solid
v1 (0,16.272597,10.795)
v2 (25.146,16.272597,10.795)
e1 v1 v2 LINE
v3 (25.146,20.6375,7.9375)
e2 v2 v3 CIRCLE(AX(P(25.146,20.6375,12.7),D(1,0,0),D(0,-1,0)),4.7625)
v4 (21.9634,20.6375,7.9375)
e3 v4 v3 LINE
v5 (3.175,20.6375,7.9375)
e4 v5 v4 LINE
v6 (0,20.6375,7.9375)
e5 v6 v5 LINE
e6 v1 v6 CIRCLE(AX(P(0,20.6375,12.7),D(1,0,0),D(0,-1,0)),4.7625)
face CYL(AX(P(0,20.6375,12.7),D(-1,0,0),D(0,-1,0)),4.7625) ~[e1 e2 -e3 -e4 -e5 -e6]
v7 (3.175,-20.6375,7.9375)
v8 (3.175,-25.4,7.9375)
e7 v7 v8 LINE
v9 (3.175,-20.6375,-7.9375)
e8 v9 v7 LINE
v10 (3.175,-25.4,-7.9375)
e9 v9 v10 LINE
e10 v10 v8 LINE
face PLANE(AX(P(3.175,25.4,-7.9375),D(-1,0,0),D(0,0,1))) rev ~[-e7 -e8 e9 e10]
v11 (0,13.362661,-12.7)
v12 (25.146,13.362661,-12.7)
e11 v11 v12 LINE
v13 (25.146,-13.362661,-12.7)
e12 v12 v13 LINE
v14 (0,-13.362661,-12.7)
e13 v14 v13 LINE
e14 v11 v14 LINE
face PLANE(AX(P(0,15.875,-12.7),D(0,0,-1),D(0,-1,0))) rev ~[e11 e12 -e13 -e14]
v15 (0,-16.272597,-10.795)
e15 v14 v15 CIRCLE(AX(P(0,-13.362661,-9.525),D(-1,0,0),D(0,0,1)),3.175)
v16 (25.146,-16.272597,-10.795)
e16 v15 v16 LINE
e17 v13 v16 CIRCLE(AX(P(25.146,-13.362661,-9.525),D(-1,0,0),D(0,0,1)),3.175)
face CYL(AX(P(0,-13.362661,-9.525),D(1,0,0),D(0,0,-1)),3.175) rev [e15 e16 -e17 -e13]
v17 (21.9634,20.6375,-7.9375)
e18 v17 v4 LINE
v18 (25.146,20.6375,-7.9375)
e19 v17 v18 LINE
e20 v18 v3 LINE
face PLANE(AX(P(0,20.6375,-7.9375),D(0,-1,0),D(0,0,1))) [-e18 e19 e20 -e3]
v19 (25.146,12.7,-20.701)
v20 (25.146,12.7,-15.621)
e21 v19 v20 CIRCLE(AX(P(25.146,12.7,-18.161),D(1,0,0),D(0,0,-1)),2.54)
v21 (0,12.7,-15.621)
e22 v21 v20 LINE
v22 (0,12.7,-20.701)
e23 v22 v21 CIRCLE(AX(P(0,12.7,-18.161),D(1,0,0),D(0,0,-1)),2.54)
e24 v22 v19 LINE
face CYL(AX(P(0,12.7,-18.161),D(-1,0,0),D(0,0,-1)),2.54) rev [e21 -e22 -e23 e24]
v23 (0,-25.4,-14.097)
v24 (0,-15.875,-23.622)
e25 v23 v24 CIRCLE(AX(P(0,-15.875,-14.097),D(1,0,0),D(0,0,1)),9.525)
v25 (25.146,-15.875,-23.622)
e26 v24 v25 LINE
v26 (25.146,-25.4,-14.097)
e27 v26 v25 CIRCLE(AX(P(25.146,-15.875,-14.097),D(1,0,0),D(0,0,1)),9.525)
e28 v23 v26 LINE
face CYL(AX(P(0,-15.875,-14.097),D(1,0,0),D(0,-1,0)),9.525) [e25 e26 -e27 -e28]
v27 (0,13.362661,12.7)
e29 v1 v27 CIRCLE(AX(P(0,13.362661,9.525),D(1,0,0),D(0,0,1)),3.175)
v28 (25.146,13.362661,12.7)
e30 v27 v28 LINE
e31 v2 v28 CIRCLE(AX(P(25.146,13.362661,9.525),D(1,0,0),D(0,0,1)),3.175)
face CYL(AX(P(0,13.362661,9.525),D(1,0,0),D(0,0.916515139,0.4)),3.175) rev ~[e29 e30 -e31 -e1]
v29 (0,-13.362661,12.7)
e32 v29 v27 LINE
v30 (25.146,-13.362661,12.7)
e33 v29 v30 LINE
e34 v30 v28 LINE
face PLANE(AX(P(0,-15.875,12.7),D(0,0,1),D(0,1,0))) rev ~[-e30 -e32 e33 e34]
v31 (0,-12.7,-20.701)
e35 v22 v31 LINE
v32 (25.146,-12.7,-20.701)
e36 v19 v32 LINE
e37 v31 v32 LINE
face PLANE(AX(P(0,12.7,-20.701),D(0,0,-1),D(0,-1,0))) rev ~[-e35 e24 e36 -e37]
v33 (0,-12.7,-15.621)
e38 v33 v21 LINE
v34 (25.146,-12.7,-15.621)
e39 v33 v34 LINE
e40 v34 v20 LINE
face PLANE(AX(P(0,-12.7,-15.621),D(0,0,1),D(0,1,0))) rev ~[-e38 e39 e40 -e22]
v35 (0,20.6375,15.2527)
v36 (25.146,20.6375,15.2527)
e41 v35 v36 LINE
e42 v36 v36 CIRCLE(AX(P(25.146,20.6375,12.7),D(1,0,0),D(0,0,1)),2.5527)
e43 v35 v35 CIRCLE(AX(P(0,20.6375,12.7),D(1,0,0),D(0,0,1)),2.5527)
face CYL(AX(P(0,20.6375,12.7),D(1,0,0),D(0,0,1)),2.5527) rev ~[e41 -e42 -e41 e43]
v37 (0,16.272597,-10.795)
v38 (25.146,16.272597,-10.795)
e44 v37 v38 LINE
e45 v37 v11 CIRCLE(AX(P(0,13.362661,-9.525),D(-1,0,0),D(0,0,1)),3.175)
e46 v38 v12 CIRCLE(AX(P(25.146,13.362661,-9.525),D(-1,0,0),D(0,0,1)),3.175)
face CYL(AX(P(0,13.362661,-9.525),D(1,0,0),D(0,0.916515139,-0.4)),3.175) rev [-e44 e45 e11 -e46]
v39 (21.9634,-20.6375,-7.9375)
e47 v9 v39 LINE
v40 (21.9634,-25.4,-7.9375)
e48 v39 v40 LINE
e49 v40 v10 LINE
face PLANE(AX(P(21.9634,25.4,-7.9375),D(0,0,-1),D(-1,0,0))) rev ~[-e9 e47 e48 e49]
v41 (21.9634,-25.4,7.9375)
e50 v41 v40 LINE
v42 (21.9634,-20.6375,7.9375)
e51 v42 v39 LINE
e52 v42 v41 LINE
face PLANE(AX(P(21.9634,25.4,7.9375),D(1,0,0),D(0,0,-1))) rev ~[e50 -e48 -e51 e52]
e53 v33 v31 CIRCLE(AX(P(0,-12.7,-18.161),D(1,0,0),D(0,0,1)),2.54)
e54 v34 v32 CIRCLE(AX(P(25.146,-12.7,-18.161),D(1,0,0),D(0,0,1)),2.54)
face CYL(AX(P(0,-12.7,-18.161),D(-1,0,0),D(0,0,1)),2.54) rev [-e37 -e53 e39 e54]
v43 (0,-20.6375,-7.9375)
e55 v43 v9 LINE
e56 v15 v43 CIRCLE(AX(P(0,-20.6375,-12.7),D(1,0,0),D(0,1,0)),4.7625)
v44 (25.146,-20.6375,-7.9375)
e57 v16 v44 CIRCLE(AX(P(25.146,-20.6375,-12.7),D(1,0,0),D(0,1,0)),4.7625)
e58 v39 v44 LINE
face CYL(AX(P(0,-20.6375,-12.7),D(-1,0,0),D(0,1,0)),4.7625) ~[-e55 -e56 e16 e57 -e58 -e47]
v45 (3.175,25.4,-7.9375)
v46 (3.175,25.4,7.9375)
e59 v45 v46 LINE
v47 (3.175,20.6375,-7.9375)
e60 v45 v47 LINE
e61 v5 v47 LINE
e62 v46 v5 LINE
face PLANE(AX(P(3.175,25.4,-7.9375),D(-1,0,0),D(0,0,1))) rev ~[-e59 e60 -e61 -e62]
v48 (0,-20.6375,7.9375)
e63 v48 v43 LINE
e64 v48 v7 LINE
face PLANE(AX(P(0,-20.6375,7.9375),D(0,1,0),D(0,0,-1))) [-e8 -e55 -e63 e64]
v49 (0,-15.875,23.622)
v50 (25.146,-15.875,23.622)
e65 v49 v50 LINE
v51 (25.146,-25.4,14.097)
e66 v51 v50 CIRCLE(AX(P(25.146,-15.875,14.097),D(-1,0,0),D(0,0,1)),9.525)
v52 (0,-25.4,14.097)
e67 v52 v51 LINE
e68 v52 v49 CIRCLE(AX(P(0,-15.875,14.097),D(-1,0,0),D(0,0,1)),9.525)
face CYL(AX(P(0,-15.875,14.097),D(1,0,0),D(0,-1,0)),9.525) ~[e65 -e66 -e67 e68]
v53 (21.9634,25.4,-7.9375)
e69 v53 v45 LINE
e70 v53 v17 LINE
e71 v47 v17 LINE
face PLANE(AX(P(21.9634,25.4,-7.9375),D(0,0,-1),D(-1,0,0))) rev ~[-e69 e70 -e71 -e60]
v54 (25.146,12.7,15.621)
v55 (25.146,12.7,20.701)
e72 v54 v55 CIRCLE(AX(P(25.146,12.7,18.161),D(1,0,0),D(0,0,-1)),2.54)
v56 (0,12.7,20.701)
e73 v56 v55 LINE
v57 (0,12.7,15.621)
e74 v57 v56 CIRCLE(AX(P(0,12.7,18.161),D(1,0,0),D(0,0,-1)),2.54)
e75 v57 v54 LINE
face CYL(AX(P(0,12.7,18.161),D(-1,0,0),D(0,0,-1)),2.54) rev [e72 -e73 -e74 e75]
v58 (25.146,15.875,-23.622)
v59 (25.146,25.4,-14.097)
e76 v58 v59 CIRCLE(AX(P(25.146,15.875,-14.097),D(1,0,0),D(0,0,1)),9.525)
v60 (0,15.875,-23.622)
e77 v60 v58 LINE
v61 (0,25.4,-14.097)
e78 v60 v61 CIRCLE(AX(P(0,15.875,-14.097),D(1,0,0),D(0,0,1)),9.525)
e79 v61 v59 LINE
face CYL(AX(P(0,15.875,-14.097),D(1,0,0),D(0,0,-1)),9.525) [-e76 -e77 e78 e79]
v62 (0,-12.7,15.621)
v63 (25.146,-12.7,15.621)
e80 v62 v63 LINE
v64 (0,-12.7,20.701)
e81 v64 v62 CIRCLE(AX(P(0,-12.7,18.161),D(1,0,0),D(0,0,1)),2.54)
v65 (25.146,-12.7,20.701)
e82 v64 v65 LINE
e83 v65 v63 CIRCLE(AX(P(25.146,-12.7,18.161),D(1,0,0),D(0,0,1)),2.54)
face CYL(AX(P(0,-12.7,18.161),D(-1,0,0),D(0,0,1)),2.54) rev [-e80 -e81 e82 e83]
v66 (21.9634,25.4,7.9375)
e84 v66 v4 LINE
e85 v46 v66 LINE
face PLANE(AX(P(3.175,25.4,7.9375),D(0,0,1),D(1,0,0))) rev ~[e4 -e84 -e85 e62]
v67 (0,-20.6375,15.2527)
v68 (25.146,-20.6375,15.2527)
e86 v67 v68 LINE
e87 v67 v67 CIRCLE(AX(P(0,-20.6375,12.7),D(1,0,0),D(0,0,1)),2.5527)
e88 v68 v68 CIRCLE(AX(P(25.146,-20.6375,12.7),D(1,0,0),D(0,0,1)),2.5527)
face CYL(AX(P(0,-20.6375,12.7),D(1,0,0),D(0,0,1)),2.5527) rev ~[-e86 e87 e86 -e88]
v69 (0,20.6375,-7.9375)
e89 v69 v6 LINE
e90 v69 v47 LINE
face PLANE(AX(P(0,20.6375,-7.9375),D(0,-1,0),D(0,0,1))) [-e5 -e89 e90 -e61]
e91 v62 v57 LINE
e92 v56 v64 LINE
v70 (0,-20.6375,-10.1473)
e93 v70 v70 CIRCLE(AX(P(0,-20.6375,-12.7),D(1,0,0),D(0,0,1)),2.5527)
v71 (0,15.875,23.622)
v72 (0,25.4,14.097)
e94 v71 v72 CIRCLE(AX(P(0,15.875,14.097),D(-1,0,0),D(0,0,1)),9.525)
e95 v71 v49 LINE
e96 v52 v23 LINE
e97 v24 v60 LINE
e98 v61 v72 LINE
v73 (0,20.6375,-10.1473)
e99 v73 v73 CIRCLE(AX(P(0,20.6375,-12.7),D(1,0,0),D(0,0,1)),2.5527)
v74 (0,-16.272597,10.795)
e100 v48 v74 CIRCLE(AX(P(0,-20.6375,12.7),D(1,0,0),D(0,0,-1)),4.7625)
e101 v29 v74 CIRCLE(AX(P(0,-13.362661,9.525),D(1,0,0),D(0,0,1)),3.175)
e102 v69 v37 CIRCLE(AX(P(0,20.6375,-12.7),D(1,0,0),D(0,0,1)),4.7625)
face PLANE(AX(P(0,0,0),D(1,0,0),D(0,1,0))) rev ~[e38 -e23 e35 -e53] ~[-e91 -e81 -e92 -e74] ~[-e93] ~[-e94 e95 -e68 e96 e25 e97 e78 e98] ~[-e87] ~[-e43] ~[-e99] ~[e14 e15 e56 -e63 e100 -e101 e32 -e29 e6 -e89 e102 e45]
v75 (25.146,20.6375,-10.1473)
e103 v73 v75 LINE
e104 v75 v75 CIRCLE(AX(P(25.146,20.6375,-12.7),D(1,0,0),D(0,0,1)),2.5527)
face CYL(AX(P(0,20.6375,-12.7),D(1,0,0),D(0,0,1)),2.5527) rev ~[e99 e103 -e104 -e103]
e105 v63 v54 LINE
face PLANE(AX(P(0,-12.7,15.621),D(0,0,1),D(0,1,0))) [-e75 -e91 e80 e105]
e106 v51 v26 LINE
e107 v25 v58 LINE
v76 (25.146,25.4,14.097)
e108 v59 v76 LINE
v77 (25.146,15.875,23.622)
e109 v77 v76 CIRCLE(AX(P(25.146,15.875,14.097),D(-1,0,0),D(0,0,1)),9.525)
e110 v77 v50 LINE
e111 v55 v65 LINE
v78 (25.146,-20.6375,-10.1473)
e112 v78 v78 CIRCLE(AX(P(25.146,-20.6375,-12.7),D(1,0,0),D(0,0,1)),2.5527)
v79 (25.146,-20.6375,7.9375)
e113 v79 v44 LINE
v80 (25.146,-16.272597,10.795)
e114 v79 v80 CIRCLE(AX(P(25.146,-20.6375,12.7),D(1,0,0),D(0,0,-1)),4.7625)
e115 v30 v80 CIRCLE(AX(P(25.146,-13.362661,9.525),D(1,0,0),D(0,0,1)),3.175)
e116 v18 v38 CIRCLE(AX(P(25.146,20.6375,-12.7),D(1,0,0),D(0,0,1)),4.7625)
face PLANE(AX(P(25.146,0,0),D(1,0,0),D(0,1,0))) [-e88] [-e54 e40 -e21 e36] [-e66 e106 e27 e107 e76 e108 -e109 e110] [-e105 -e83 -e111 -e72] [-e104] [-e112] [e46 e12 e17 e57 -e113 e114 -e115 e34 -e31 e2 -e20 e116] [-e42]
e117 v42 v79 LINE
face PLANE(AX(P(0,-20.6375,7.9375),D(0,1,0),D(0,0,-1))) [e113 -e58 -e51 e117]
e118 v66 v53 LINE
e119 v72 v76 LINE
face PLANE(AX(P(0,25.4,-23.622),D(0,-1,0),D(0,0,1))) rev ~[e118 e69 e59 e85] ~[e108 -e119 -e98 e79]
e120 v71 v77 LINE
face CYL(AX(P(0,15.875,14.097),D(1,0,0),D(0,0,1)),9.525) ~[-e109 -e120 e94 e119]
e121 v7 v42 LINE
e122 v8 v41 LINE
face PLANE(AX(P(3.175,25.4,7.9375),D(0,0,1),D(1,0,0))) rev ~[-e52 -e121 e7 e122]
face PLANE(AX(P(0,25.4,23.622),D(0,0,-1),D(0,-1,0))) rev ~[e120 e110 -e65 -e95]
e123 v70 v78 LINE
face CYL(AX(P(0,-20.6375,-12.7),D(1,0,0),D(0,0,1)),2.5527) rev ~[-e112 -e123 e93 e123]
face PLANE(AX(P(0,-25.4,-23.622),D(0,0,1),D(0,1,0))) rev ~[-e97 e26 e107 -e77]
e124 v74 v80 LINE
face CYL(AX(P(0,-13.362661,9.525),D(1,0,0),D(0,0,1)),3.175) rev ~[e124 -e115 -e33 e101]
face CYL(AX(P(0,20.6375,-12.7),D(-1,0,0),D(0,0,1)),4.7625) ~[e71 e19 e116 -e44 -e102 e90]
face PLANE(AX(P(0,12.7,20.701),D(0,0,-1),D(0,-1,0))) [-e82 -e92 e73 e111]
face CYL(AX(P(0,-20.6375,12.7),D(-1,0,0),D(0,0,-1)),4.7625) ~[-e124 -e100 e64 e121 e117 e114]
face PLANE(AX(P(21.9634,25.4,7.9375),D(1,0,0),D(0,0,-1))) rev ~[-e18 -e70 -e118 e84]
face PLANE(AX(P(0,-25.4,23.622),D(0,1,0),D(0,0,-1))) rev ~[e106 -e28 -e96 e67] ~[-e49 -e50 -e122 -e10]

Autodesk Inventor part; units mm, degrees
ref_plane "YZ Plane" through (0, 0, 0) normal (1, 0, 0) x (0, 1, 0)
ref_plane "XZ Plane" through (0, 0, 0) normal (0, 1, 0) x (-1, 0, 0)
ref_plane "XY Plane" through (0, 0, 0) normal (0, 0, 1) x (1, 0, 0)
sketch "Sketch1" plane through (0, 0, 0) normal (1, 0, 0) x (0, 1, 0)
  line L0 (-20.6375, -12.7) -> (20.6375, -12.7) construction
  line L1 (20.6375, -12.7) -> (20.6375, 12.7) construction
  line L2 (20.6375, 12.7) -> (-20.6375, 12.7) construction
  line L3 (-20.6375, 12.7) -> (-20.6375, -12.7) construction
  line L4 (-20.6375, -12.7) -> (20.6375, 12.7) construction
  line L5 (20.6375, -12.7) -> (-20.6375, 12.7) construction
  circle A0 centre (-20.6375, 12.7) radius 4.7625 construction
  circle A1 centre (-20.6375, -12.7) radius 4.7625 construction
  circle A2 centre (20.6375, -12.7) radius 4.7625 construction
  circle A3 centre (20.6375, 12.7) radius 4.7625 construction
  line L6 (-25.4, -23.622) -> (25.4, -23.622)
  line L7 (25.4, -23.622) -> (25.4, 23.622)
  line L8 (25.4, 23.622) -> (-25.4, 23.622)
  line L9 (-25.4, 23.622) -> (-25.4, -23.622)
  line L10 (-25.4, -23.622) -> (25.4, 23.622) construction
  line L11 (25.4, -23.622) -> (-25.4, 23.622) construction
  line L12 (20.6375, -7.9375) -> (20.6375, 7.9375)
  line L13 (15.875, -12.7) -> (-15.875, -12.7)
  line L14 (-20.6375, 7.9375) -> (-20.6375, -7.9375)
  line L15 (-15.875, 12.7) -> (15.875, 12.7)
  arc A4 (15.875, 12.7) -> (20.6375, 7.9375) centre (20.6375, 12.7) ccw
  arc A5 (20.6375, -7.9375) -> (15.875, -12.7) centre (20.6375, -12.7) ccw
  arc A6 (-15.875, -12.7) -> (-20.6375, -7.9375) centre (-20.6375, -12.7) ccw
  arc A7 (-20.6375, 7.9375) -> (-15.875, 12.7) centre (-20.6375, 12.7) ccw
  line L16 (12.7, 18.161) -> (-12.7, 18.161) construction
  line L17 (12.7, 20.701) -> (-12.7, 20.701)
  line L18 (-12.7, 15.621) -> (12.7, 15.621)
  arc A8 (12.7, 15.621) -> (12.7, 20.701) centre (12.7, 18.161) ccw
  arc A9 (-12.7, 20.701) -> (-12.7, 15.621) centre (-12.7, 18.161) ccw
  line L19 (12.7, -18.161) -> (-12.7, -18.161) construction
  line L20 (12.7, -20.701) -> (-12.7, -20.701)
  line L21 (-12.7, -15.621) -> (12.7, -15.621)
  arc A10 (12.7, -20.701) -> (12.7, -15.621) centre (12.7, -18.161) ccw
  arc A11 (-12.7, -15.621) -> (-12.7, -20.701) centre (-12.7, -18.161) ccw
  line L22 (0, 23.622) -> (0, 12.7) construction
  line L23 (0, -12.7) -> (0, -23.622) construction
  point P0 (0, 0)
  point P1 (0, 18.161)
  point P2 (0, -18.161)
  point P3 (0, 18.161)
  point P4 (0, -18.161)
  dimension "d0" = 25.4
  dimension "d1" = 41.275
  dimension "d2" = 9.525
  dimension "d3" = 47.244
  dimension "d4" = 2.54
  dimension "d5" = 25.4
extrude "Extrusion1" add sketch "Sketch1" along normal blind 25.146
hole "Hole1" at (0, 20.6375, 12.7) at (0, 20.6375, -12.7) at (0, -20.6375, -12.7) at (0, -20.6375, 12.7) direction (1, 0, 0) diameter 5.1054 end through all clearance for "Flat Head Machine Screw (82)" size "#10" standard "Ansi Unified Screw Threads"
sketch "Sketch2" plane through (0, 25.4, 23.622) normal (0, 1, 0) x (1, 0, 0)
  point P0 (0, 23.622)
sketch "Sketch3" plane through (0, 25.4, 23.622) normal (0, 1, 0) x (1, 0, 0)
  line L0 (3.175, 15.6845) -> (21.9634, 15.6845)
  line L1 (21.9634, 15.6845) -> (21.9634, 31.5595)
  line L2 (21.9634, 31.5595) -> (3.175, 31.5595)
  line L3 (3.175, 31.5595) -> (3.175, 15.6845)
  line L4 (3.175, 15.6845) -> (21.9634, 31.5595) construction
  line L5 (21.9634, 15.6845) -> (3.175, 31.5595) construction
  line L6 (0, 47.244) -> (0, 0) construction
  line L7 (25.146, 47.244) -> (25.146, 0) construction
  line L8 (0, 15.6845) -> (25.146, 15.6845) construction
  point P0 (0, 23.622)
  point P1 (12.5692, 23.622)
  point P2 (21.9634, 23.622)
  point P3 (3.175, 23.622)
  point P4 (0, 23.622)
  point P5 (0, 23.622)
  point P6 (25.146, 23.622)
  dimension "d16" = 3.175
  dimension "d17" = 3.1826
extrude "Extrusion2" cut sketch "Sketch3" against normal through all
fillet "Fillet1" radius 3.175 4 edges at (12.573, 15.875, 12.7) (12.573, 15.875, -12.7) (12.573, -15.875, -12.7) (12.573, -15.875, 12.7)
fillet "Fillet2" radius 9.525 4 edges at (12.573, -25.4, -23.622) (12.573, -25.4, 23.622) (12.573, 25.4, 23.622) (12.573, 25.4, -23.622)
properties part number "EL2-022" material "ABS Plastic"
